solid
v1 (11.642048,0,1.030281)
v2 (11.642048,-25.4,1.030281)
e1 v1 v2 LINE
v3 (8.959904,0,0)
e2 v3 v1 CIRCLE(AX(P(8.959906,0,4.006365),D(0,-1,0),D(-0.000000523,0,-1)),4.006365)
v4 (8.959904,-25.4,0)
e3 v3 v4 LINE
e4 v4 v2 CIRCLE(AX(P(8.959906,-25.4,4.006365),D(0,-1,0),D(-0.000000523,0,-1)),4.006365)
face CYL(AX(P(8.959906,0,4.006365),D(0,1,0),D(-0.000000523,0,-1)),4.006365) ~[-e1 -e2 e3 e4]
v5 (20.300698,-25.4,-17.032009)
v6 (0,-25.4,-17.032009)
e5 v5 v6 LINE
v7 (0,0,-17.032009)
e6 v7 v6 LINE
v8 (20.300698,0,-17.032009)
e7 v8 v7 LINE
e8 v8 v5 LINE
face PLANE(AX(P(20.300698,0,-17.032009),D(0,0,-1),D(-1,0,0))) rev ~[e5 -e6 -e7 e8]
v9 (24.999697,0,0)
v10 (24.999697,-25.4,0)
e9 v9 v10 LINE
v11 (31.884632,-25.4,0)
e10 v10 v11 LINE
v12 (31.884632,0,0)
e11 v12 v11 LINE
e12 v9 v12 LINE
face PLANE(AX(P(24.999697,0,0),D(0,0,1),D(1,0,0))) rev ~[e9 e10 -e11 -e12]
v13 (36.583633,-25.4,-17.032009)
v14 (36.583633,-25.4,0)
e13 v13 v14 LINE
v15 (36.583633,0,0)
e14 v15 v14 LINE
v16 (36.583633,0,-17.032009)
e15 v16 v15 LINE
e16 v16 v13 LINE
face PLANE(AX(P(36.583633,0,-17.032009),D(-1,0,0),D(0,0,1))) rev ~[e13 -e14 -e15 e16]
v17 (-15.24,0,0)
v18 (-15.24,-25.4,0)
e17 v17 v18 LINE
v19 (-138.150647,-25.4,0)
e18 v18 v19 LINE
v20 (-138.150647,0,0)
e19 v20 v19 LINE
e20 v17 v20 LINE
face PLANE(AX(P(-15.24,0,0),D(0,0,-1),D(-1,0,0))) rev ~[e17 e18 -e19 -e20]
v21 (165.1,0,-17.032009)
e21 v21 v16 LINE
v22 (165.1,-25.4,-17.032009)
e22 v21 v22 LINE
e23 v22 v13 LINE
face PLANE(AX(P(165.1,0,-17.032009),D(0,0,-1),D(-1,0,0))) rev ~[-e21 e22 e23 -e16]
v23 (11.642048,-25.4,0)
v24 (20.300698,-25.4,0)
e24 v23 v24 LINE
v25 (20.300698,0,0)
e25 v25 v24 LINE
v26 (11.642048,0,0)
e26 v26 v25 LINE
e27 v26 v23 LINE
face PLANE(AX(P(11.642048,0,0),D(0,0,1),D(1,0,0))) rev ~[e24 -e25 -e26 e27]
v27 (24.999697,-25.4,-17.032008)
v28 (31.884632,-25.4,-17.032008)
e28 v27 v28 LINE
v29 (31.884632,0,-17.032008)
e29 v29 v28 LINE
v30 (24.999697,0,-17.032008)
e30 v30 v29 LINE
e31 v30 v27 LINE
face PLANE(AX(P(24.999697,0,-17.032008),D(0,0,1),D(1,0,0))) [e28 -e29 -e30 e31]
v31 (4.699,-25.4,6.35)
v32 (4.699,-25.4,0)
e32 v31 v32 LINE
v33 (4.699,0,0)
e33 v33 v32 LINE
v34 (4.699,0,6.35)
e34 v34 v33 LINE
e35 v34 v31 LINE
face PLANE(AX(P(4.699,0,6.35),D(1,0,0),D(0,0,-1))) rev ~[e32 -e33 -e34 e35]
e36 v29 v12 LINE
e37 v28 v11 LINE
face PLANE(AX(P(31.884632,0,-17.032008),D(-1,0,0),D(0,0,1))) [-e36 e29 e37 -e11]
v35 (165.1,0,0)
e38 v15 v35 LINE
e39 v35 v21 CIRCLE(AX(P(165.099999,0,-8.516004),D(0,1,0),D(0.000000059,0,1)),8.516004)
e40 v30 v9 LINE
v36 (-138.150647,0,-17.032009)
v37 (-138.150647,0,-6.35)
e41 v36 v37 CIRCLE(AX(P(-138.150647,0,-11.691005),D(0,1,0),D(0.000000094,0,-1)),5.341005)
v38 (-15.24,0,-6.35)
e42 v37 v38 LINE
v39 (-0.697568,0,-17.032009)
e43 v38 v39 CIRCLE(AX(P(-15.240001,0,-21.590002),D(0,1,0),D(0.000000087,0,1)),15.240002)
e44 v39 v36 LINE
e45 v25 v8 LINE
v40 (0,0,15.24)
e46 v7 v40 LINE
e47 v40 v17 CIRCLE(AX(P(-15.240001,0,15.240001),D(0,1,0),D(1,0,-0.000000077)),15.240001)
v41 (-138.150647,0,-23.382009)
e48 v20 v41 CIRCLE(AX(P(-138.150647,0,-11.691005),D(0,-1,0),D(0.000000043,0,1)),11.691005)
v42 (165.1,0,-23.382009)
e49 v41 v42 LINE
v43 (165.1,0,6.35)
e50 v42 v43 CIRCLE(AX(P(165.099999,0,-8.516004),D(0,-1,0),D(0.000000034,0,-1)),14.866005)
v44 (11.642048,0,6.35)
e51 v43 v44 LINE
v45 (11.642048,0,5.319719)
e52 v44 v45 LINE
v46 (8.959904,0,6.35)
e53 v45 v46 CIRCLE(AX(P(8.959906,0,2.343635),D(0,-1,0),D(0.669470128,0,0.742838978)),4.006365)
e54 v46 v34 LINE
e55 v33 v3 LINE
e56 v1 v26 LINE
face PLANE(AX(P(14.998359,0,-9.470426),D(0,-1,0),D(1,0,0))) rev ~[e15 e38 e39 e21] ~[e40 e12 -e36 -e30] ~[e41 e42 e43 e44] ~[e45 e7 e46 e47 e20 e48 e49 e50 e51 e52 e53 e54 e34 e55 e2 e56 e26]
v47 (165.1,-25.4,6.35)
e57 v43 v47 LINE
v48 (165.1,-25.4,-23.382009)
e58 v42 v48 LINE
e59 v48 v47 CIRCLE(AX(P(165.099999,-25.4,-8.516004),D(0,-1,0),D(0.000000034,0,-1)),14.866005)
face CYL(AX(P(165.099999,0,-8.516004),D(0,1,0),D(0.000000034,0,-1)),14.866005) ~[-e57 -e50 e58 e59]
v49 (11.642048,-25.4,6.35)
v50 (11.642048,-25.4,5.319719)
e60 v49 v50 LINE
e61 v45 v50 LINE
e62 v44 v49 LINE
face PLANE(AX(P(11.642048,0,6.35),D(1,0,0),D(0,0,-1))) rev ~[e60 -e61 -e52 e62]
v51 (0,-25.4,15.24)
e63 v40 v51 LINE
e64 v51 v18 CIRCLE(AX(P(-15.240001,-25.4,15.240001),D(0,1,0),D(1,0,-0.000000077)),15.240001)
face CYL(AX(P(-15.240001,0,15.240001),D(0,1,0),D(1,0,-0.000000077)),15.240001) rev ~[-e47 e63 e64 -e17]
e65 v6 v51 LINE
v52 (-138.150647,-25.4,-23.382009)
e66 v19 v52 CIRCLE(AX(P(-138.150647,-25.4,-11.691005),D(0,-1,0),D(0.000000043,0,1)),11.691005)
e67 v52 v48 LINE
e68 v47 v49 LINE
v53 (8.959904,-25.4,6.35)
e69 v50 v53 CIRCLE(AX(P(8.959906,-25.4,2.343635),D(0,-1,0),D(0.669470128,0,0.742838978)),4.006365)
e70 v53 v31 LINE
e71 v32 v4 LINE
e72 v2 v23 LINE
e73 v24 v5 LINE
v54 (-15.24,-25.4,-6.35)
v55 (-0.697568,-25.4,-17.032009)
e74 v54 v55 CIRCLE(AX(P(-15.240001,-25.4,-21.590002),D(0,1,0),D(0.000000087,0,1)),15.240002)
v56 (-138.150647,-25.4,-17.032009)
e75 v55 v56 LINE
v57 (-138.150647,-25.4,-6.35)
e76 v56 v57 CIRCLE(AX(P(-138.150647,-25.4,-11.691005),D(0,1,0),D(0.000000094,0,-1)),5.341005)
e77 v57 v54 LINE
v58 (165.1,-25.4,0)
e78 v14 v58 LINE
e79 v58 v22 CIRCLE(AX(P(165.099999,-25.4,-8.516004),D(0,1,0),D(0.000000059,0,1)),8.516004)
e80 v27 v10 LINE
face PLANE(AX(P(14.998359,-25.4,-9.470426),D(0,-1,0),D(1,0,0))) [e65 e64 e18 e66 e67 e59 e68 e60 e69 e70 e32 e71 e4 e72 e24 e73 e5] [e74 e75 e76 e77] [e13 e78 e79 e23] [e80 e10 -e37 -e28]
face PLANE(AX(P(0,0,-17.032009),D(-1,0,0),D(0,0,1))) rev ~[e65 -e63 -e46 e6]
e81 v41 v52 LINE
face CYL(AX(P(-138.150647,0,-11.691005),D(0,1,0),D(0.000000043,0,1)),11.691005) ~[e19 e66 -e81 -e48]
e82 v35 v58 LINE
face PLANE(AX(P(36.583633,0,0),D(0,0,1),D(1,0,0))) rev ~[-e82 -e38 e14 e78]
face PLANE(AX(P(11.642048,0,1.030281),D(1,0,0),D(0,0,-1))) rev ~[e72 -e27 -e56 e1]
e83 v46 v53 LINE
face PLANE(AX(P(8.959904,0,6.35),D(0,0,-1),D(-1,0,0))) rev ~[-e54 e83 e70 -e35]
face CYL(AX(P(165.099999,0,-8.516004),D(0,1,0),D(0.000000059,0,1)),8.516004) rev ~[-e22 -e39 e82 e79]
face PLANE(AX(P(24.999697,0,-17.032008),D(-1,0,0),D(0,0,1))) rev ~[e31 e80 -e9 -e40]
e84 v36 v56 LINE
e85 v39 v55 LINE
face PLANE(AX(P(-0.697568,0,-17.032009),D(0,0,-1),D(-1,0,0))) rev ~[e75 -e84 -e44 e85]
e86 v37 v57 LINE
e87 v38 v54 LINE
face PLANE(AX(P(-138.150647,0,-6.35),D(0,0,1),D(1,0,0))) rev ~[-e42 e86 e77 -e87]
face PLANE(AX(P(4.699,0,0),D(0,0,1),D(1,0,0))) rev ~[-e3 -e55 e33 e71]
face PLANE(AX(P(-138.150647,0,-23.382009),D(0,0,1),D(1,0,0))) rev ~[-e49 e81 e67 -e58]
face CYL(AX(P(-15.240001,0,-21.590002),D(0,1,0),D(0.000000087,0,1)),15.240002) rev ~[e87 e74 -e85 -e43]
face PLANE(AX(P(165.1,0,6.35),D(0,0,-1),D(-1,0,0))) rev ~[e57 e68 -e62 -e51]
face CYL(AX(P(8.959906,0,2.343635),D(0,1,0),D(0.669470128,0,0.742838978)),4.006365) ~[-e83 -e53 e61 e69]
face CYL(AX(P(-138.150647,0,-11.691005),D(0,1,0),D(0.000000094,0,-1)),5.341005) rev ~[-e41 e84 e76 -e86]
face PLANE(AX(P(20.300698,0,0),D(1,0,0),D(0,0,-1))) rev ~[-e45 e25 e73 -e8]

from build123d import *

# Parameters (mm, degrees)
F0_W     = 6.884935
F0_H     = 17.032009
F1_DEPTH = 25.4


with BuildPart() as f1:
    # F0 (on Front) → F1 (new body)
    with BuildSketch(Plane.XZ):
        with BuildLine():
            Line((0, -6.35), (0, 0))
            Line((0, 0), (0, 6.35))
            Line((0, 6.35), (0, 15.24))
            ThreePointArc((0, 15.24), (-4.463693, 4.463693), (-15.24, 0))
            Line((-15.24, 0), (-138.150647, 0))
            ThreePointArc((-138.150647, 0), (-149.841652, -11.691004), (-138.150647, -23.382009))
            Line((-138.150647, -23.382009), (-100.798674, -23.382009))
            Line((-100.798674, -23.382009), (0, -23.382009))
            Line((0, -23.382009), (165.1, -23.382009))
            ThreePointArc((165.1, -23.382009), (179.966004, -8.516004), (165.1, 6.35))
            Line((165.1, 6.35), (12.470275, 6.35))
            Line((12.470275, 6.35), (11.642048, 6.35))
            Line((11.642048, 6.35), (11.642048, 5.319719))
            Line((11.642048, 5.319719), (11.642048, 1.030281))
            Line((11.642048, 1.030281), (11.642048, 0))
            Line((11.642048, 0), (12.470275, 0))
            Line((12.470275, 0), (20.300698, 0))
            Line((20.300698, 0), (20.300698, -17.032009))
            Line((20.300698, -17.032009), (0, -17.032009))
            Line((0, -17.032009), (0, -6.35))
        make_face()
        with BuildLine():
            ThreePointArc((-15.24, -6.35), (-6.217977, -9.307464), (-0.697568, -17.032009))
            Line((-0.697568, -17.032009), (-100.798674, -17.032009))
            Line((-100.798674, -17.032009), (-138.150647, -17.032009))
            ThreePointArc((-138.150647, -17.032009), (-143.491652, -11.691004), (-138.150647, -6.35))
            Line((-138.150647, -6.35), (-15.24, -6.35))
        make_face(mode=Mode.SUBTRACT)
        with Locations((28.442165, -8.516004)):
            Rectangle(F0_W, F0_H, mode=Mode.SUBTRACT)
        with BuildLine():
            ThreePointArc((165.1, 0), (173.616004, -8.516004), (165.1, -17.032009))
            Line((165.1, -17.032009), (36.583633, -17.032009))
            Line((36.583633, -17.032009), (36.583633, 0))
            Line((36.583633, 0), (165.1, 0))
        make_face(mode=Mode.SUBTRACT)
        with BuildLine():
            ThreePointArc((8.959904, 0), (10.396513, 0.266429), (11.642048, 1.030281))
            Line((11.642048, 1.030281), (11.642048, 5.319719))
            ThreePointArc((11.642048, 5.319719), (10.396513, 6.083571), (8.959904, 6.35))
            Line((8.959904, 6.35), (4.699, 6.35))
            Line((4.699, 6.35), (4.699, 0))
            Line((4.699, 0), (8.959904, 0))
        make_face()
    extrude(amount=F1_DEPTH)


solid = f1.part
